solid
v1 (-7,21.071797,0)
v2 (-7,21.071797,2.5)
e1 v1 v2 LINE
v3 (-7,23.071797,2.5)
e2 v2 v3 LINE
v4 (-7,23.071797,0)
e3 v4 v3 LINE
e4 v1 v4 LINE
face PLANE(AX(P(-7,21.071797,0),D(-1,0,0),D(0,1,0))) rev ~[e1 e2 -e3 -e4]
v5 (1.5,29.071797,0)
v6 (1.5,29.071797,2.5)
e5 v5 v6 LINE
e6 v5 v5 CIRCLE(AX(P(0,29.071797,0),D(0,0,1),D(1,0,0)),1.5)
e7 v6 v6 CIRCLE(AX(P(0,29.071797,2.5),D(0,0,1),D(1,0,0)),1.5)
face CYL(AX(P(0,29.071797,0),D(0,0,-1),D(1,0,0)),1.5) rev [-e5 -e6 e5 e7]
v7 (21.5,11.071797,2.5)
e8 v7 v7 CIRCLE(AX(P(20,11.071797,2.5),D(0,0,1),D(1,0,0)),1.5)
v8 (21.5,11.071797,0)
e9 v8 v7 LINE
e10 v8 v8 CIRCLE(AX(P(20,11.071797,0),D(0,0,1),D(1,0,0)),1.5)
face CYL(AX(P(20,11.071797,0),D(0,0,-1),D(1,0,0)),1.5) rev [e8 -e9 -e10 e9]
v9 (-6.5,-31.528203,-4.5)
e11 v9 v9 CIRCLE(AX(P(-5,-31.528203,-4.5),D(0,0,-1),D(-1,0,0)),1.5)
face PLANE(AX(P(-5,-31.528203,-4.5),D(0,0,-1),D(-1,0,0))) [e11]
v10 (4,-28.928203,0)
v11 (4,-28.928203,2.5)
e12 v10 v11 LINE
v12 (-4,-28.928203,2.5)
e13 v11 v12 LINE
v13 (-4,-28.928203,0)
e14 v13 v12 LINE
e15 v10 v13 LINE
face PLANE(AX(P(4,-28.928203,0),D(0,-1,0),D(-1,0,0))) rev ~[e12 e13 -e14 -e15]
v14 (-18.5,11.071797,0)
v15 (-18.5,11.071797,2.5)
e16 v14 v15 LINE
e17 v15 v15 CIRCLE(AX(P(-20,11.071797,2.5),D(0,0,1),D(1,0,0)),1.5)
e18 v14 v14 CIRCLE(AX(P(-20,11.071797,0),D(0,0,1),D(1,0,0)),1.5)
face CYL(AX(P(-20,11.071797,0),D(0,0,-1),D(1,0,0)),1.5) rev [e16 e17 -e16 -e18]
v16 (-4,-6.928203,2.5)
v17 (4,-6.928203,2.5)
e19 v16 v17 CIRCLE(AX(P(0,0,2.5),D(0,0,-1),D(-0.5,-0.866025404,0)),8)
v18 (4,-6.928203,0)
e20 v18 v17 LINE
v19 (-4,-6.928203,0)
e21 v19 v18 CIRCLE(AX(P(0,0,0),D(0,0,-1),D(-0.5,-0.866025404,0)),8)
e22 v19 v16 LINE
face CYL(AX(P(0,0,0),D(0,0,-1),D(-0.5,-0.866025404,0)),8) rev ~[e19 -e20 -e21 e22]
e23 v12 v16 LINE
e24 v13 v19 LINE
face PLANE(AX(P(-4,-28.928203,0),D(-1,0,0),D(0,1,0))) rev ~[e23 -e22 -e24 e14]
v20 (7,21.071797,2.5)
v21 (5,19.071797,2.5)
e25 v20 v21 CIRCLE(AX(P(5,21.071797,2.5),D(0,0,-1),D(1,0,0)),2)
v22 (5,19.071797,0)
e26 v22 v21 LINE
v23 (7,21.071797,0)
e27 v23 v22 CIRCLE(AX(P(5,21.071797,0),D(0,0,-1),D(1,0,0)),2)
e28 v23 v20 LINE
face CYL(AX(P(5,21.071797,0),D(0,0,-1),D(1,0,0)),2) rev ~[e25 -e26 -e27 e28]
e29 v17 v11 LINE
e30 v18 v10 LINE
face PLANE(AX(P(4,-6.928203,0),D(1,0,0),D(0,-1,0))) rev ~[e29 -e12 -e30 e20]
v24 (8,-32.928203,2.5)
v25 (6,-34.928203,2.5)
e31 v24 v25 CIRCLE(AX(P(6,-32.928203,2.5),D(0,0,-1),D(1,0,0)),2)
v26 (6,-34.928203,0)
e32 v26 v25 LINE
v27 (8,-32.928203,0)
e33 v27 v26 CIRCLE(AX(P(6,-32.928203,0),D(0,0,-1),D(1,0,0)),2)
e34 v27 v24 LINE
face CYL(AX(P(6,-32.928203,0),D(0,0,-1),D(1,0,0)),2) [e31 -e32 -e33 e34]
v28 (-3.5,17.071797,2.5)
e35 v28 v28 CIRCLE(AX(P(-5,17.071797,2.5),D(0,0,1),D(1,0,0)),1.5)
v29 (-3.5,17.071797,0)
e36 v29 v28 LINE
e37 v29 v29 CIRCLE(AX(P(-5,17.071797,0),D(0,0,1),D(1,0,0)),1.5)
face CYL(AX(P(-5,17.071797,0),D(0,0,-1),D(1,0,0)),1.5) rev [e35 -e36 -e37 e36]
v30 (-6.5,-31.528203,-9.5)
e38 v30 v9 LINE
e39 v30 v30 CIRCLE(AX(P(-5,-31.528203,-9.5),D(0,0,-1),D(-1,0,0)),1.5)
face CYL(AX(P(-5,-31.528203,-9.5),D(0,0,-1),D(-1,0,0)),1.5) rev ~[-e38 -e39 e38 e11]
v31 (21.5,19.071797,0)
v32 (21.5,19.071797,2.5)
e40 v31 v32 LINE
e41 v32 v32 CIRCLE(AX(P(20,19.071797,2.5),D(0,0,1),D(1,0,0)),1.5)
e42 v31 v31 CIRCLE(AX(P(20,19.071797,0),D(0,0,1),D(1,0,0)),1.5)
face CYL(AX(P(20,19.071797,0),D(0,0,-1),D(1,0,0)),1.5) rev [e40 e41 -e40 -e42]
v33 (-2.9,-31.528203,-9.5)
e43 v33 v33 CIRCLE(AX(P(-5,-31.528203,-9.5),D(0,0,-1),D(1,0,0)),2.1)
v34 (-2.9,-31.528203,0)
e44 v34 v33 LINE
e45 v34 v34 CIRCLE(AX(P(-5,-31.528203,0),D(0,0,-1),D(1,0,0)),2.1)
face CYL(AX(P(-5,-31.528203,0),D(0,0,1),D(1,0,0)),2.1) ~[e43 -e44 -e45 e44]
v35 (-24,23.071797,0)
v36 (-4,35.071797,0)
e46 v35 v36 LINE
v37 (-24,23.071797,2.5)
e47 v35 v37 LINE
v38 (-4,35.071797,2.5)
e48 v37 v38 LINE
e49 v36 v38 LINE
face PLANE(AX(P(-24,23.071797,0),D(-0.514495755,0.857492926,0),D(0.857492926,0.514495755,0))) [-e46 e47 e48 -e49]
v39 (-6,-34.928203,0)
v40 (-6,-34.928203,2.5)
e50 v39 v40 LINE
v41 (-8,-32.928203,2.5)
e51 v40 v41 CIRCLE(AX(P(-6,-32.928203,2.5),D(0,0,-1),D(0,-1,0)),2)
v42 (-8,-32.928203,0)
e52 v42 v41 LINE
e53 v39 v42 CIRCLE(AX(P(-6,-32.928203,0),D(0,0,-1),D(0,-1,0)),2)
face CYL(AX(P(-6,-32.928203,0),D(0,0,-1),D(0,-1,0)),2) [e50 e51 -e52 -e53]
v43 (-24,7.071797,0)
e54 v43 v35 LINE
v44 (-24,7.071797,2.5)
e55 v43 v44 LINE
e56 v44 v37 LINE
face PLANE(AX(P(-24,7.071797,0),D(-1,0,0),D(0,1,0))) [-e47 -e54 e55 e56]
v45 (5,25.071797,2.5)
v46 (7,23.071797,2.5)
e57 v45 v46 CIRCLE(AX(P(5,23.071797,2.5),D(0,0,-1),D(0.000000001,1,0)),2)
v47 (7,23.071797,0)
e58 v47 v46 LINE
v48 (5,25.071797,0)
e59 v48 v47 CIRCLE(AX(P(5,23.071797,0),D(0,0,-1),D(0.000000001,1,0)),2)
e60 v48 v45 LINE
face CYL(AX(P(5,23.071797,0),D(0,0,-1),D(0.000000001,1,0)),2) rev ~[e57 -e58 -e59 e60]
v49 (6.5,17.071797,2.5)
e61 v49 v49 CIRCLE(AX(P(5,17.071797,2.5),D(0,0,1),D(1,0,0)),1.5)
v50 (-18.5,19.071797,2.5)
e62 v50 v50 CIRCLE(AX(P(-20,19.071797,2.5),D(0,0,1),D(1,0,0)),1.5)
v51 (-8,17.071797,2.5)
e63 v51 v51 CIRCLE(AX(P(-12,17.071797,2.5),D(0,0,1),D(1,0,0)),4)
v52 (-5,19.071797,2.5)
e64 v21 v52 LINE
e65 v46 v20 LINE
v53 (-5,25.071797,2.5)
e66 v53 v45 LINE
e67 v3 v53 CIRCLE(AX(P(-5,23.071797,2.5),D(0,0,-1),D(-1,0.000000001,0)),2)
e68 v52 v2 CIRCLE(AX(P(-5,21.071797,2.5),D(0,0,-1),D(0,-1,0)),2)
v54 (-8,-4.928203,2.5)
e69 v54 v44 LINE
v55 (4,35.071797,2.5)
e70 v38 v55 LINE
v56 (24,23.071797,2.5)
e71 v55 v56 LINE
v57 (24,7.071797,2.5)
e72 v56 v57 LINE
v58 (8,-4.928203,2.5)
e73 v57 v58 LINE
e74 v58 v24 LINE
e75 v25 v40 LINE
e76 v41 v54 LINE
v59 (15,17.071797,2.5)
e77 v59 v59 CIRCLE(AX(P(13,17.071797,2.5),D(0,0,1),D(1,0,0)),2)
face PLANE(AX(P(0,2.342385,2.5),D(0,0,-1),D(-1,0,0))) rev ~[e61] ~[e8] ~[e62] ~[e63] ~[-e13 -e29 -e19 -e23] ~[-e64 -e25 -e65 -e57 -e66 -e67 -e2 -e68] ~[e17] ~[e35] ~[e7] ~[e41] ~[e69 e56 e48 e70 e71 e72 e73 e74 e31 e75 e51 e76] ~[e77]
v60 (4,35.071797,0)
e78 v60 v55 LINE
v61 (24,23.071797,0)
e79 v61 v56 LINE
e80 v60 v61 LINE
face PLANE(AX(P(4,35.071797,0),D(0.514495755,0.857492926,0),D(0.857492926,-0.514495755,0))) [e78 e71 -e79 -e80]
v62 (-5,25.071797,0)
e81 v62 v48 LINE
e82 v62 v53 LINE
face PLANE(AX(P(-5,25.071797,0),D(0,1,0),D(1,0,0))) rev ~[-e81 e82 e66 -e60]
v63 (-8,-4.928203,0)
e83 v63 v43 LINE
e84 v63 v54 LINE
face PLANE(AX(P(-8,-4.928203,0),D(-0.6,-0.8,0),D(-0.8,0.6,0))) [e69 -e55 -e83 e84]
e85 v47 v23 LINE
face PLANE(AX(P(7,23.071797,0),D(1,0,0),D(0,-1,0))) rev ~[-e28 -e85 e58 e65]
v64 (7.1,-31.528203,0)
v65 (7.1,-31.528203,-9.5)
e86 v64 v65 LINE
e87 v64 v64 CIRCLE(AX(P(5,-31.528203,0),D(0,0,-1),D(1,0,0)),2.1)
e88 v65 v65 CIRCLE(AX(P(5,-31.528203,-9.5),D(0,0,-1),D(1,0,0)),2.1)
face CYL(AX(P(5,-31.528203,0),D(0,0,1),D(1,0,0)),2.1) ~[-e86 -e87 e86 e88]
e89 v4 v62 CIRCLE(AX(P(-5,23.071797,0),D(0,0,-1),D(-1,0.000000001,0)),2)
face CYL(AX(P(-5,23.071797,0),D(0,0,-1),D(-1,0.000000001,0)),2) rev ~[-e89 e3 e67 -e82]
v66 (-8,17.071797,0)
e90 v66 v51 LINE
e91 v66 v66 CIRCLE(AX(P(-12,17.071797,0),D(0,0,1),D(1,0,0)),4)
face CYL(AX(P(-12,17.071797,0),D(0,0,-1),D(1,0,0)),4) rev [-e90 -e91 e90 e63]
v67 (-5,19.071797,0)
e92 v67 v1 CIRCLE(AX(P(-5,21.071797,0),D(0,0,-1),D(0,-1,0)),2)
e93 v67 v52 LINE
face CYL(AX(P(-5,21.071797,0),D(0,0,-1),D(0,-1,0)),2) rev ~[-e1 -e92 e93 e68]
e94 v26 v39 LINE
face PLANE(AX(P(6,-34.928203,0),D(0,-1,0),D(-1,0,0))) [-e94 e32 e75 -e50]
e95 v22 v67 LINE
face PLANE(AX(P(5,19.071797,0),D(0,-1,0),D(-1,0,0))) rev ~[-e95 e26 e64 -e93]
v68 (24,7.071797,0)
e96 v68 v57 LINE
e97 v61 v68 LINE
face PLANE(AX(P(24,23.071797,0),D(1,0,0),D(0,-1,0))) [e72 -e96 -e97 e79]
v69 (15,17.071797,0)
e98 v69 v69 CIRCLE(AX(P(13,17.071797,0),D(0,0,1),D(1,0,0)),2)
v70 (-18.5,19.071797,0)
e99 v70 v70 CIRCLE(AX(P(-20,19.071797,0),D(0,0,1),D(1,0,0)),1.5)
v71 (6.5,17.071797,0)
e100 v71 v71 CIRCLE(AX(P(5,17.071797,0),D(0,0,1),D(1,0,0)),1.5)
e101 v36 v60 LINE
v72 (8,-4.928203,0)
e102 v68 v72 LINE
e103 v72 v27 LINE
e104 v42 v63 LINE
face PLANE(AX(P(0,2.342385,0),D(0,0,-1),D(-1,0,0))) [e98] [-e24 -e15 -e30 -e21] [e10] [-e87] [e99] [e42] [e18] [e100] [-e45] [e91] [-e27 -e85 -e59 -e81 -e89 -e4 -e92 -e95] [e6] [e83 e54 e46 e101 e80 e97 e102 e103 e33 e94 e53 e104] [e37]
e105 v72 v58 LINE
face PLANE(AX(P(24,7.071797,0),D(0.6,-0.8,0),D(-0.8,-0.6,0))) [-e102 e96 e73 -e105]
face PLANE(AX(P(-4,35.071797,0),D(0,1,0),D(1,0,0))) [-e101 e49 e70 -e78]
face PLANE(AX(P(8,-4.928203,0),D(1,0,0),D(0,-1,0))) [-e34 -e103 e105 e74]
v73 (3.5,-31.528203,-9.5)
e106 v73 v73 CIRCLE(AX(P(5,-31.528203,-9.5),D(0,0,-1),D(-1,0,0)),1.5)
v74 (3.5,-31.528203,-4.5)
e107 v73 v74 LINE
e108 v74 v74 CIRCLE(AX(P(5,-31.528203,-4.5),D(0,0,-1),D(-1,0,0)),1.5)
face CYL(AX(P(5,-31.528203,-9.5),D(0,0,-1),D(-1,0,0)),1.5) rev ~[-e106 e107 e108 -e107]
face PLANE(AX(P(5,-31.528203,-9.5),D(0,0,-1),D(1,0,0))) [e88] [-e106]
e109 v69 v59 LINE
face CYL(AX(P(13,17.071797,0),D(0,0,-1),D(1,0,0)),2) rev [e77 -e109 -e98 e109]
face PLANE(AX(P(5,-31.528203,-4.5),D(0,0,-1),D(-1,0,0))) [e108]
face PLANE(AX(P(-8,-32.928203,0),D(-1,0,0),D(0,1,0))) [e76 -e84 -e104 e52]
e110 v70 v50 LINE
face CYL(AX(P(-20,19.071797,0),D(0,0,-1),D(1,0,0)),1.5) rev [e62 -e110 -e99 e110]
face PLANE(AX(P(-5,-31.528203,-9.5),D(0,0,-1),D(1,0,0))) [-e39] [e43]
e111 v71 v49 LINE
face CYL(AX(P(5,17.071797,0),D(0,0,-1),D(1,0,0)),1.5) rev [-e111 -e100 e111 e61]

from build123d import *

# Parameters (mm, degrees)
SKETCH1_R           = 4
SKETCH1_R_2         = 1.5
SKETCH1_R_3         = 2
BOSS_EXTRUDE1_DEPTH = 2.5
SKETCH2_R           = 2.1
BOSS_EXTRUDE2_DEPTH = 9.5
SKETCH4_R           = 1.5
CUT_EXTRUDE1_DEPTH  = 5


with BuildPart() as part:
    # Sketch1 → Boss-Extrude1 (new body)
    with BuildSketch(Plane.XY):
        with BuildLine():
            Line((-24, 7.07179677), (-24, 23.07179677))
            Line((-24, 23.07179677), (-4, 35.07179677))
            Line((-4, 35.07179677), (4, 35.07179677))
            Line((4, 35.07179677), (24, 23.07179677))
            Line((24, 23.07179677), (24, 7.07179677))
            Line((24, 7.07179677), (8, -4.92820323))
            Line((8, -4.92820323), (8, -32.92820323))
            ThreePointArc((8, -32.92820323), (7.414213562, -34.342416793), (6, -34.92820323))
            Line((6, -34.92820323), (-6, -34.92820323))
            ThreePointArc((-6, -34.92820323), (-7.414213562, -34.342416793), (-8, -32.92820323))
            Line((-8, -32.92820323), (-8, -4.92820323))
            Line((-8, -4.92820323), (-24, 7.07179677))
        make_face()
        with Locations((-12, 17.07179677)):
            Circle(SKETCH1_R, mode=Mode.SUBTRACT)
        with Locations((-5, 17.07179677)):
            Circle(SKETCH1_R_2, mode=Mode.SUBTRACT)
        with Locations((5, 17.07179677)):
            Circle(SKETCH1_R_2, mode=Mode.SUBTRACT)
        with Locations((0, 29.07179677)):
            Circle(SKETCH1_R_2, mode=Mode.SUBTRACT)
        with Locations((20, 19.07179677)):
            Circle(SKETCH1_R_2, mode=Mode.SUBTRACT)
        with Locations((20, 11.07179677)):
            Circle(SKETCH1_R_2, mode=Mode.SUBTRACT)
        with Locations((-20, 19.07179677)):
            Circle(SKETCH1_R_2, mode=Mode.SUBTRACT)
        with Locations((-20, 11.07179677)):
            Circle(SKETCH1_R_2, mode=Mode.SUBTRACT)
        with Locations((13, 17.07179677)):
            Circle(SKETCH1_R_3, mode=Mode.SUBTRACT)
        with BuildLine():
            Line((4, -28.92820323), (-4, -28.92820323))
            Line((-4, -28.92820323), (-4, -6.92820323))
            ThreePointArc((-4, -6.92820323), (0, 8), (4, -6.92820323))
            Line((4, -6.92820323), (4, -28.92820323))
        make_face(mode=Mode.SUBTRACT)
        with BuildLine():
            Line((-5, 25.07179677), (5, 25.07179677))
            ThreePointArc((5, 25.07179677), (6.414213562, 24.486010332), (7, 23.07179677))
            Line((7, 23.07179677), (7, 21.07179677))
            ThreePointArc((7, 21.07179677), (6.414213562, 19.657583207), (5, 19.07179677))
            Line((5, 19.07179677), (-5, 19.07179677))
            ThreePointArc((-5, 19.07179677), (-6.414213562, 19.657583207), (-7, 21.07179677))
            Line((-7, 21.07179677), (-7, 23.07179677))
            ThreePointArc((-7, 23.07179677), (-6.414213562, 24.486010332), (-5, 25.07179677))
        make_face(mode=Mode.SUBTRACT)
    extrude(amount=BOSS_EXTRUDE1_DEPTH)

    # Sketch2 → Boss-Extrude2 (add)
    with BuildSketch(Plane(origin=(0, 0, 0), x_dir=(-1, 0, 0), z_dir=(0, 0, -1))):
        with Locations(Location((-5, -31.52820323, 0), (0, 0, 180))):
            Circle(SKETCH2_R)
        with Locations(Location((5, -31.52820323, 0), (0, 0, 180))):
            Circle(SKETCH2_R)
    extrude(amount=BOSS_EXTRUDE2_DEPTH)

    # Sketch4 → Cut-Extrude1 (cut)
    with BuildSketch(Plane(origin=(0, 0, -9.5), x_dir=(-1, 0, 0), z_dir=(0, 0, -1))):
        with Locations((-5, -31.52820323)):
            Circle(SKETCH4_R)
        with Locations((5, -31.52820323)):
            Circle(SKETCH4_R)
    extrude(amount=-CUT_EXTRUDE1_DEPTH, mode=Mode.SUBTRACT)


solid = part.part
